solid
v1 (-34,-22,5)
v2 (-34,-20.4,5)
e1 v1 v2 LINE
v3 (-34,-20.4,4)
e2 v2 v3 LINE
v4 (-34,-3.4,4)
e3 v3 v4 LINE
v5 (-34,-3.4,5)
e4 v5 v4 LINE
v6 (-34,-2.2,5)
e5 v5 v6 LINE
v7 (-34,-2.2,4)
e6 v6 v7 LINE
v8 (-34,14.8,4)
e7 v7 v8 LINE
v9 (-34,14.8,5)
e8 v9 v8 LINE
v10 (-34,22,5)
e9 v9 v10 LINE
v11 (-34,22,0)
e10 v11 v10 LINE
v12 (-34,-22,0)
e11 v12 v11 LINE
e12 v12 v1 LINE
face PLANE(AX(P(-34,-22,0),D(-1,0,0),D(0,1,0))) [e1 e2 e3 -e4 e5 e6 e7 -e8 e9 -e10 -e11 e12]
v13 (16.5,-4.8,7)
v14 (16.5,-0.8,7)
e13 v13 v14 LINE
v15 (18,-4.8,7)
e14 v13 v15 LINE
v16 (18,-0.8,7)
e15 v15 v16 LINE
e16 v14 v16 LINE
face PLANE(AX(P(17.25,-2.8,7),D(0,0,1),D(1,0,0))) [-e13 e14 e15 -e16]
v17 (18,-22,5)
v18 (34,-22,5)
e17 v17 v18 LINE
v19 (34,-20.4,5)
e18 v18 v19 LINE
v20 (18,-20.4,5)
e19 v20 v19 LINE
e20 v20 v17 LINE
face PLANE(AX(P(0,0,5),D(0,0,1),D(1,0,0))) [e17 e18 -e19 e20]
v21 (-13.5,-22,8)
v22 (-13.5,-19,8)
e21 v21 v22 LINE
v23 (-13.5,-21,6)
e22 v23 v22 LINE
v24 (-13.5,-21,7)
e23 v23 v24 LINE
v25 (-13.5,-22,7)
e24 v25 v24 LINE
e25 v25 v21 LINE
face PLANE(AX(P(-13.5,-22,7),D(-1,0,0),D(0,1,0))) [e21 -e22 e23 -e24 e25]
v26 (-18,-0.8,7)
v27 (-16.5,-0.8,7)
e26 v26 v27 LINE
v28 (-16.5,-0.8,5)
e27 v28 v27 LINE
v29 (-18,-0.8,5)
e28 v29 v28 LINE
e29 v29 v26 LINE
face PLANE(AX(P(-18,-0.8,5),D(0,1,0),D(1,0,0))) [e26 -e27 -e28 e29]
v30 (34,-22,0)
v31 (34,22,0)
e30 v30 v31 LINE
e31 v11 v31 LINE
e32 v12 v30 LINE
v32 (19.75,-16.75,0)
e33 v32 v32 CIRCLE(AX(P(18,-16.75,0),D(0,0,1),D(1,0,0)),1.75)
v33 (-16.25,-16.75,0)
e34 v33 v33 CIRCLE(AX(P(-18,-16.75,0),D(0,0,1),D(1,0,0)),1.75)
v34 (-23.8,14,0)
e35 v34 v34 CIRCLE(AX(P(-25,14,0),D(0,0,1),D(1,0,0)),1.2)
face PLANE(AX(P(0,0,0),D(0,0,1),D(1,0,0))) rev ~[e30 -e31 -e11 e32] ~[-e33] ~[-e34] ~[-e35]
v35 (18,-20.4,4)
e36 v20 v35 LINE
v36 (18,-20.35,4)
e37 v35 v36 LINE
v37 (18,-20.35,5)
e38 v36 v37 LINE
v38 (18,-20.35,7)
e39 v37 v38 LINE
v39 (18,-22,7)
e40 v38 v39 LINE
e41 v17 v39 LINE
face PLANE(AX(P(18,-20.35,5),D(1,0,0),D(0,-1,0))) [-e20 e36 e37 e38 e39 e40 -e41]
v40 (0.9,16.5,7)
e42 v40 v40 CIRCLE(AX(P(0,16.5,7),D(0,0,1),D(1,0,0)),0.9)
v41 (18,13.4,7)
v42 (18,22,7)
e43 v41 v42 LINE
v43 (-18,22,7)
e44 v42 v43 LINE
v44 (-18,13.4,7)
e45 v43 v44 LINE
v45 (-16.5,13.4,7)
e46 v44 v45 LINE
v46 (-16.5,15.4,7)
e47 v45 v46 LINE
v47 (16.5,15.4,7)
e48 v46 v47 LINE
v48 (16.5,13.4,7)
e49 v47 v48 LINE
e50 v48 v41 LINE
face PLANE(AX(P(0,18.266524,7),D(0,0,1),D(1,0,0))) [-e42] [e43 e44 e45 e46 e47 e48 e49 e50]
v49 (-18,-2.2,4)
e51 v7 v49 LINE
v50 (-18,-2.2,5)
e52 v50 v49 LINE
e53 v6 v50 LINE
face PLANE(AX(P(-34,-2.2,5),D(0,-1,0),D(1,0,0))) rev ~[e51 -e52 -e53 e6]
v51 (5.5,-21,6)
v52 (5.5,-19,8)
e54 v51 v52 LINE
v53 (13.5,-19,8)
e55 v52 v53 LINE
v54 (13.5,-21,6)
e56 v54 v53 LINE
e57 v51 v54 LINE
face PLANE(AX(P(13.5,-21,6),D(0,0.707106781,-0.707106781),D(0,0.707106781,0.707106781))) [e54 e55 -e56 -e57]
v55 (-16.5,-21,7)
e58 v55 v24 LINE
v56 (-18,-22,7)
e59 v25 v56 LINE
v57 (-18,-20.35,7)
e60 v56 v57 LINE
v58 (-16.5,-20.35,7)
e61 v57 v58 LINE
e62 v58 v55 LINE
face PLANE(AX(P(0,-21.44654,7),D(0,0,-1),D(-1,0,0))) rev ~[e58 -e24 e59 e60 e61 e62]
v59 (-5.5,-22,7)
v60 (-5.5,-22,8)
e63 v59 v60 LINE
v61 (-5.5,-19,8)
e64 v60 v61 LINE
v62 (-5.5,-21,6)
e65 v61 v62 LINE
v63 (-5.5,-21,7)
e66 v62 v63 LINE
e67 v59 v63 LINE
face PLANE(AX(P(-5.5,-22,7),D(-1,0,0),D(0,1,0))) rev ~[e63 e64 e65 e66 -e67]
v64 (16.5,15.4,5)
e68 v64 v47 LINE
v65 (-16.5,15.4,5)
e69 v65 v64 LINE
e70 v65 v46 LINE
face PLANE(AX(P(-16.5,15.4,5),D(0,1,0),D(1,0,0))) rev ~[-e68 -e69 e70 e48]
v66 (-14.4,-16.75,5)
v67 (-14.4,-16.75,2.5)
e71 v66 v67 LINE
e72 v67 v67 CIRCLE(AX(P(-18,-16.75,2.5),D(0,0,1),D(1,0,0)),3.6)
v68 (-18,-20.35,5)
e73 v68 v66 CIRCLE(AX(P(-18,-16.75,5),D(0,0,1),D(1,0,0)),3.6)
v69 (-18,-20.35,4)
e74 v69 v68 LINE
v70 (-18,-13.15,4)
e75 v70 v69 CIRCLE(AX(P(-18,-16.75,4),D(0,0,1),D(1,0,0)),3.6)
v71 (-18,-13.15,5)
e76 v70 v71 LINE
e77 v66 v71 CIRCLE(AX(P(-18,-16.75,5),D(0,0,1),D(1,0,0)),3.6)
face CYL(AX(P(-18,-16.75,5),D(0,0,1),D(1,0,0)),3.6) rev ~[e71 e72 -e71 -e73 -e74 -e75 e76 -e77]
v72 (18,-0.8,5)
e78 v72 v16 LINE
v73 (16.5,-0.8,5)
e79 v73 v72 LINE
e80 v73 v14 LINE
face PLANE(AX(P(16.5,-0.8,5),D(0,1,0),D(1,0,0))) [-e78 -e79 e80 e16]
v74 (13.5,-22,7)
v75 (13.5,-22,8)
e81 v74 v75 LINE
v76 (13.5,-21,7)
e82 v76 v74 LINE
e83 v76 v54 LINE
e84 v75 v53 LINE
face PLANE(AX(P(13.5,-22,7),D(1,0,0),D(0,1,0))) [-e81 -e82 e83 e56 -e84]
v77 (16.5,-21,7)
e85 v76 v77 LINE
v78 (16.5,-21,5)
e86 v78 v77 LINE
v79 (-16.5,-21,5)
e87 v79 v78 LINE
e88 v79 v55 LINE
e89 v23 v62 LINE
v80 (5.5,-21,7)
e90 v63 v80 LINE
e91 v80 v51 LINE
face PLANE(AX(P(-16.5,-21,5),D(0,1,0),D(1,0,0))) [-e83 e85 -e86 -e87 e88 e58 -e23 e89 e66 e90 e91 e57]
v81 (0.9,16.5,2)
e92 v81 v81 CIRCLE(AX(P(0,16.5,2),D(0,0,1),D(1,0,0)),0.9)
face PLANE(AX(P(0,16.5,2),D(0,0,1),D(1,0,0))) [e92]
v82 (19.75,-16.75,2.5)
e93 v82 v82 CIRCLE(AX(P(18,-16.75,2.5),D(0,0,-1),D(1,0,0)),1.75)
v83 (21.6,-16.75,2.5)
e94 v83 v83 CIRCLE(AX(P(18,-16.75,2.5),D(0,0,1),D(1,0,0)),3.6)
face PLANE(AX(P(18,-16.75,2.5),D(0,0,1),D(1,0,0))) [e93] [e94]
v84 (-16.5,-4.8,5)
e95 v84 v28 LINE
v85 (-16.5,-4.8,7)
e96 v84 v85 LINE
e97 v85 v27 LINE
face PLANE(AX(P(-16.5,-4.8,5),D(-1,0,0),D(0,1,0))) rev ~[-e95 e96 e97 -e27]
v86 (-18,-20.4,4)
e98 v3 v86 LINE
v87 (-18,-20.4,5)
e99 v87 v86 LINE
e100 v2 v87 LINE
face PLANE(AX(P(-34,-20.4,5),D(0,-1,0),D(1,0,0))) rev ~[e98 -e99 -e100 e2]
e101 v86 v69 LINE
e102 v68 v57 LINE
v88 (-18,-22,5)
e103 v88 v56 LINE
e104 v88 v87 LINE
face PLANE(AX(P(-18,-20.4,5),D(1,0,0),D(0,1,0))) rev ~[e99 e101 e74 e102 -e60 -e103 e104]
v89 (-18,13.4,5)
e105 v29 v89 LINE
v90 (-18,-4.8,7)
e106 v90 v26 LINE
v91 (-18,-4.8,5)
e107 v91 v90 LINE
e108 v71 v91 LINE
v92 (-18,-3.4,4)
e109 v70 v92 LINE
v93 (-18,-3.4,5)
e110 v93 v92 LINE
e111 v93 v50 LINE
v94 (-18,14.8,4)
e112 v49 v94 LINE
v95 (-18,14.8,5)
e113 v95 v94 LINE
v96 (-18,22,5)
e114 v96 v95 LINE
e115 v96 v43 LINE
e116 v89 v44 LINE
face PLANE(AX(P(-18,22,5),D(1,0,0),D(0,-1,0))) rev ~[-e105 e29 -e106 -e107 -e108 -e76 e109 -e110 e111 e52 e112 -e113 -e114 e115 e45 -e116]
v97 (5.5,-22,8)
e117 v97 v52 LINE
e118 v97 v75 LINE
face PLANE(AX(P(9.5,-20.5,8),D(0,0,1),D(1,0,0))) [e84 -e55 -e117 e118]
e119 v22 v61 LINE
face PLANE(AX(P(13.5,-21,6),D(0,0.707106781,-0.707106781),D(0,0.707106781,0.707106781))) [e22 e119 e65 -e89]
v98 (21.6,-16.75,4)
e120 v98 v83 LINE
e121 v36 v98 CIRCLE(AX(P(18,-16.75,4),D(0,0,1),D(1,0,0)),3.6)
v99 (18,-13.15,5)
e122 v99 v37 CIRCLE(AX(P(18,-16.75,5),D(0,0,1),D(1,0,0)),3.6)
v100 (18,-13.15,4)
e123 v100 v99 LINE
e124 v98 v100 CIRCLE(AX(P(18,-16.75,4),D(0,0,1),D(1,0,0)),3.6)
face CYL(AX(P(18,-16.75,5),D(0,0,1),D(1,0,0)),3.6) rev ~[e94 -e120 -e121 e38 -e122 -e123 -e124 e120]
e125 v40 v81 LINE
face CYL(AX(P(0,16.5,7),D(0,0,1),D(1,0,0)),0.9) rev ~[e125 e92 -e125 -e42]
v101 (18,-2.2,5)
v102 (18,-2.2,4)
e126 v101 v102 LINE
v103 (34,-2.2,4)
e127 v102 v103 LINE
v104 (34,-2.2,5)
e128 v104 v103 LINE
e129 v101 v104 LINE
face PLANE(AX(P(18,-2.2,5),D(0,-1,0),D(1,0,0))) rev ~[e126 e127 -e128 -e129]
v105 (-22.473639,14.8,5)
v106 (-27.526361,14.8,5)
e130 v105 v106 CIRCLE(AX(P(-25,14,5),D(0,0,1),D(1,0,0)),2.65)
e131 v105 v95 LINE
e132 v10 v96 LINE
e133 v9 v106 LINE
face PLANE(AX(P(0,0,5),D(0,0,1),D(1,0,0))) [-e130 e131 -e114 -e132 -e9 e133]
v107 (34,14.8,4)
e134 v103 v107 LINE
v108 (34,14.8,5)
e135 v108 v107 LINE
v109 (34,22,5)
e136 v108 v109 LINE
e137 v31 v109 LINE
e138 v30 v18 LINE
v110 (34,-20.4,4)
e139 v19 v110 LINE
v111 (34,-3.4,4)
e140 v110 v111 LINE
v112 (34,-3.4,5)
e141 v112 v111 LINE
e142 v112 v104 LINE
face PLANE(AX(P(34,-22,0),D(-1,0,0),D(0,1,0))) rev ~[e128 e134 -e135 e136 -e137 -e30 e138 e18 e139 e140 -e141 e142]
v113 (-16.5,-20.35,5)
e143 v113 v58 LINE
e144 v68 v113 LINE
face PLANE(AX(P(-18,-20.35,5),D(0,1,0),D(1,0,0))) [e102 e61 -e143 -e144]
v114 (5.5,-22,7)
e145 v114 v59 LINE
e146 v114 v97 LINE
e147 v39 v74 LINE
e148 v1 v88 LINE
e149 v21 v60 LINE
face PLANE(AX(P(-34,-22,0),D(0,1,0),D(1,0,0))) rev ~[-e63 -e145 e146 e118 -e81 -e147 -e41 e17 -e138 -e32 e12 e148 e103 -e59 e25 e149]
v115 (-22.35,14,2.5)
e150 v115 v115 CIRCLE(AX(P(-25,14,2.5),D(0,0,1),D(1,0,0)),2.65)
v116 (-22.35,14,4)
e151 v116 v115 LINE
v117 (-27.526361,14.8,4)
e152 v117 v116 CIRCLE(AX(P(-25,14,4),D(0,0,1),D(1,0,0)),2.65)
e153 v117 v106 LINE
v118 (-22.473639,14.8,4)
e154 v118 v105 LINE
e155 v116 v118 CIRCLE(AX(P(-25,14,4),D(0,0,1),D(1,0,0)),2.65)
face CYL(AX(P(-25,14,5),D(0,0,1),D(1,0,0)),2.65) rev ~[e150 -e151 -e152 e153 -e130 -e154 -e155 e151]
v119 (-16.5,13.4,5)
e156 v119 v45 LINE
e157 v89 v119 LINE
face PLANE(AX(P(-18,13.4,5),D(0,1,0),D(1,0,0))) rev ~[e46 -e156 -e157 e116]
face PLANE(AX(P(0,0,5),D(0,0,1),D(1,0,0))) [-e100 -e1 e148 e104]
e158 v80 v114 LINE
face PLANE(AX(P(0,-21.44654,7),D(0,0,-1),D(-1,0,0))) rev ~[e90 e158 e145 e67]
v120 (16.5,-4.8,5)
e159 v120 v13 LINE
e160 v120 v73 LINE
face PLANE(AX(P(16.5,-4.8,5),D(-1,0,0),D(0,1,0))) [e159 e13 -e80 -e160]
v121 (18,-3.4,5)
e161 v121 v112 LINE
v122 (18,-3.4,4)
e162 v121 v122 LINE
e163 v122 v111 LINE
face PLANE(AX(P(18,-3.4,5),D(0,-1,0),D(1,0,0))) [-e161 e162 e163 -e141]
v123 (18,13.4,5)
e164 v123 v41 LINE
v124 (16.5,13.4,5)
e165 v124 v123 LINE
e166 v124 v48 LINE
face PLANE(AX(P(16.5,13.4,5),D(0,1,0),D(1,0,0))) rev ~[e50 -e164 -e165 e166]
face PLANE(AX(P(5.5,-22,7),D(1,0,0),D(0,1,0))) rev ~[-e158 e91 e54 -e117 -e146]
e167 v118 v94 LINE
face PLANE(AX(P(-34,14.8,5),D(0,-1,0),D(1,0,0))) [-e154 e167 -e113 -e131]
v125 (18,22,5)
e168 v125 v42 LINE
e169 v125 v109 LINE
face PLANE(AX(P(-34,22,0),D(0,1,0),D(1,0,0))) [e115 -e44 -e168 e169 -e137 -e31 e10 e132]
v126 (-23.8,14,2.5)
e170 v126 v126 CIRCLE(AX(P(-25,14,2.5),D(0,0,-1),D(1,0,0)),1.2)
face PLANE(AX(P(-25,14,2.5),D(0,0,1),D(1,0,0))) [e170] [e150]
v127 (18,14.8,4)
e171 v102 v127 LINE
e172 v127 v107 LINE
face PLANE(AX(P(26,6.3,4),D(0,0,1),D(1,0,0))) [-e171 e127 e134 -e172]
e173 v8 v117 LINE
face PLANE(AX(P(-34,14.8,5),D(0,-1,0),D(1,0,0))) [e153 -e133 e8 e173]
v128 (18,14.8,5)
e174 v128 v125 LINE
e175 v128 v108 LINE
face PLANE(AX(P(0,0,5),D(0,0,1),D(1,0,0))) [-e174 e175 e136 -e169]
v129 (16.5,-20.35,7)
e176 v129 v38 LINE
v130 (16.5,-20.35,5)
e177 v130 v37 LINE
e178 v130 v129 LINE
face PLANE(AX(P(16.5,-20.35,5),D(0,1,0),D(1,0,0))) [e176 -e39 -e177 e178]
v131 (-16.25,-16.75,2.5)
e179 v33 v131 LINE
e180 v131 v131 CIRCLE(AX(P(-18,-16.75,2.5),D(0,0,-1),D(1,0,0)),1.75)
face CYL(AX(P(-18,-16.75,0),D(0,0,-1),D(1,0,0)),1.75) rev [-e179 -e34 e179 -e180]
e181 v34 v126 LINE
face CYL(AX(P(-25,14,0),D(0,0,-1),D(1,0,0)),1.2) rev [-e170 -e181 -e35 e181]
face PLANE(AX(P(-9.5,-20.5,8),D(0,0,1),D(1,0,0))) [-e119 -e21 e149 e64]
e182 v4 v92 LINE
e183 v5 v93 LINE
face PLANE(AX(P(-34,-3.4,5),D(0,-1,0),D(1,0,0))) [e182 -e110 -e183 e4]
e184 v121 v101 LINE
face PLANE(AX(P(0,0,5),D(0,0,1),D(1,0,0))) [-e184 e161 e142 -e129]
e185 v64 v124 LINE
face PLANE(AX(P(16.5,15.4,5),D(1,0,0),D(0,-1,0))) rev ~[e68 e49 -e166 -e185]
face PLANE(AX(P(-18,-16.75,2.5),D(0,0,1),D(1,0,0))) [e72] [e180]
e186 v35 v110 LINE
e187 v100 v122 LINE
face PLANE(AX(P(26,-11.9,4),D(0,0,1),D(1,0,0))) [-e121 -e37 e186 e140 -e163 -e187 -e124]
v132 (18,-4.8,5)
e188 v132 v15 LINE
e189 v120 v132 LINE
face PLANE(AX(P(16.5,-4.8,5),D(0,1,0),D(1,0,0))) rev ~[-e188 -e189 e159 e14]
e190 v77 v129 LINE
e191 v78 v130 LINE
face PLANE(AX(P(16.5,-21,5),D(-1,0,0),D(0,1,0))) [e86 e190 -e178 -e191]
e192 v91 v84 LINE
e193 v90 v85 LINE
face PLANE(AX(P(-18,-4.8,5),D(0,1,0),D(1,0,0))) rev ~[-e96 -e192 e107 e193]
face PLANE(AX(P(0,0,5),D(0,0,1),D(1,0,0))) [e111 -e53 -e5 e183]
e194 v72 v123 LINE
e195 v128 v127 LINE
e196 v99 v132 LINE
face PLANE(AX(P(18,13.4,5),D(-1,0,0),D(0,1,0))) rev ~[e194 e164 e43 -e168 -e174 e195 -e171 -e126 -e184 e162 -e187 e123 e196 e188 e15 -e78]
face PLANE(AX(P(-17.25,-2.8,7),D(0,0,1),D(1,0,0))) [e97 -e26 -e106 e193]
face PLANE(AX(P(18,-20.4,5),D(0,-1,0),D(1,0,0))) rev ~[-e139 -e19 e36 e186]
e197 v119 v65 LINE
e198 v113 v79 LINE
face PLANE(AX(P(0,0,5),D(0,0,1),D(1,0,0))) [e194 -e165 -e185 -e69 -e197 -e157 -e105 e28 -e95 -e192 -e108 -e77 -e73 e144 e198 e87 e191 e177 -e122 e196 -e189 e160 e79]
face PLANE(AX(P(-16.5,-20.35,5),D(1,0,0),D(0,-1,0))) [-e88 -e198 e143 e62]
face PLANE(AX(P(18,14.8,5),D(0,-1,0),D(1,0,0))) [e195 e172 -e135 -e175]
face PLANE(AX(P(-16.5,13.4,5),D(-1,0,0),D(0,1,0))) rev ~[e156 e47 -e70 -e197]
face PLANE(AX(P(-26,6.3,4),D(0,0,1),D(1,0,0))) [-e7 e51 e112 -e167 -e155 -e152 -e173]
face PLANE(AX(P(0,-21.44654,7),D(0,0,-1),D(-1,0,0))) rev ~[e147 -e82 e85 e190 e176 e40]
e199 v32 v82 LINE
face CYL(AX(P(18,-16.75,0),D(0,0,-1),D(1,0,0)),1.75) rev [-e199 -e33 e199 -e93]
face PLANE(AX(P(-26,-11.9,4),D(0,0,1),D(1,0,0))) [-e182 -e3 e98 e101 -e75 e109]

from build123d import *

# Parameters (mm, degrees)
SKETCH_W        = 68
SKETCH_H        = 44
SKETCH_R        = 1.75
SKETCH_R_2      = 1.2
PAD_DEPTH       = 5
SKETCH001_R     = 3.6
SKETCH001_R_2   = 2.65
POCKET_DEPTH    = 2.5
SKETCH002_W     = 1.5
SKETCH002_H     = 4
PAD001_DEPTH    = 2
SKETCH003_R     = 0.9
POCKET001_DEPTH = 5
SKETCH004_W     = 16
SKETCH004_H     = 17
POCKET002_DEPTH = 1
SKETCH005_W     = 8
SKETCH005_H     = 3
PAD002_DEPTH    = 1
POCKET003_DEPTH = 27


with BuildPart() as part:
    # Sketch → Pad (new body)
    with BuildSketch(Plane.XY):
        Rectangle(SKETCH_W, SKETCH_H)
        with Locations((18, -16.75)):
            Circle(SKETCH_R, mode=Mode.SUBTRACT)
        with Locations((-18, -16.75)):
            Circle(SKETCH_R, mode=Mode.SUBTRACT)
        with Locations((-25, 14)):
            Circle(SKETCH_R_2, mode=Mode.SUBTRACT)
    extrude(amount=PAD_DEPTH)

    # Sketch001 (on Face9 of Pad) → Pocket (cut)
    with BuildSketch(Plane.XY.offset(5)):
        with Locations((-18, -16.75)):
            Circle(SKETCH001_R)
        with Locations((18, -16.75)):
            Circle(SKETCH001_R)
        with Locations((-25, 14)):
            Circle(SKETCH001_R_2)
    extrude(amount=-POCKET_DEPTH, mode=Mode.SUBTRACT)

    # Sketch002 (on Face5 of Pocket) → Pad001 (join)
    with BuildSketch(Plane.XY.offset(5)):
        Polygon((-16.5, -21), (16.5, -21), (16.5, -20.35), (18, -20.35), (18, -22), (-18, -22), (-18, -20.35), (-16.5, -20.35), align=None)
        Polygon((16.5, 15.4), (16.5, 13.4), (18, 13.4), (18, 22), (-18, 22), (-18, 13.4), (-16.5, 13.4), (-16.5, 15.4), align=None)
        with Locations((-17.25, -2.8)):
            Rectangle(SKETCH002_W, SKETCH002_H)
        with Locations((17.25, -2.8)):
            Rectangle(SKETCH002_W, SKETCH002_H)
    extrude(amount=PAD001_DEPTH)

    # Sketch003 (on Face34 of Pad001) → Pocket001 (cut)
    with BuildSketch(Plane.XY.offset(7)):
        with Locations((0, 16.5)):
            Circle(SKETCH003_R)
    extrude(amount=-POCKET001_DEPTH, mode=Mode.SUBTRACT)

    # Sketch004 (on Face5 of Pocket001) → Pocket002 (cut)
    with BuildSketch(Plane.XY.offset(5)):
        with Locations((26, 6.3)):
            Rectangle(SKETCH004_W, SKETCH004_H)
        with Locations((26, -11.9)):
            Rectangle(SKETCH004_W, SKETCH004_H)
        with Locations((-26, 6.3)):
            Rectangle(SKETCH004_W, SKETCH004_H)
        with Locations((-26, -11.9)):
            Rectangle(SKETCH004_W, SKETCH004_H)
    extrude(amount=-POCKET002_DEPTH, mode=Mode.SUBTRACT)

    # Sketch005 (on Face21 of Pocket002) → Pad002 (join, symmetric)
    with BuildSketch(Plane.XY.offset(7)):
        with Locations((-9.5, -20.5)):
            Rectangle(SKETCH005_W, SKETCH005_H)
        with Locations((9.5, -20.5)):
            Rectangle(SKETCH005_W, SKETCH005_H)
    extrude(amount=PAD002_DEPTH, both=True)

    # Sketch006 (on Face62 of Pad002) → Pocket003 (cut)
    with BuildSketch(Plane.YZ.offset(13.5)):
        Polygon((-19, 6), (-21, 6), (-19, 8), align=None)
    extrude(amount=-POCKET003_DEPTH, mode=Mode.SUBTRACT)


solid = part.part
